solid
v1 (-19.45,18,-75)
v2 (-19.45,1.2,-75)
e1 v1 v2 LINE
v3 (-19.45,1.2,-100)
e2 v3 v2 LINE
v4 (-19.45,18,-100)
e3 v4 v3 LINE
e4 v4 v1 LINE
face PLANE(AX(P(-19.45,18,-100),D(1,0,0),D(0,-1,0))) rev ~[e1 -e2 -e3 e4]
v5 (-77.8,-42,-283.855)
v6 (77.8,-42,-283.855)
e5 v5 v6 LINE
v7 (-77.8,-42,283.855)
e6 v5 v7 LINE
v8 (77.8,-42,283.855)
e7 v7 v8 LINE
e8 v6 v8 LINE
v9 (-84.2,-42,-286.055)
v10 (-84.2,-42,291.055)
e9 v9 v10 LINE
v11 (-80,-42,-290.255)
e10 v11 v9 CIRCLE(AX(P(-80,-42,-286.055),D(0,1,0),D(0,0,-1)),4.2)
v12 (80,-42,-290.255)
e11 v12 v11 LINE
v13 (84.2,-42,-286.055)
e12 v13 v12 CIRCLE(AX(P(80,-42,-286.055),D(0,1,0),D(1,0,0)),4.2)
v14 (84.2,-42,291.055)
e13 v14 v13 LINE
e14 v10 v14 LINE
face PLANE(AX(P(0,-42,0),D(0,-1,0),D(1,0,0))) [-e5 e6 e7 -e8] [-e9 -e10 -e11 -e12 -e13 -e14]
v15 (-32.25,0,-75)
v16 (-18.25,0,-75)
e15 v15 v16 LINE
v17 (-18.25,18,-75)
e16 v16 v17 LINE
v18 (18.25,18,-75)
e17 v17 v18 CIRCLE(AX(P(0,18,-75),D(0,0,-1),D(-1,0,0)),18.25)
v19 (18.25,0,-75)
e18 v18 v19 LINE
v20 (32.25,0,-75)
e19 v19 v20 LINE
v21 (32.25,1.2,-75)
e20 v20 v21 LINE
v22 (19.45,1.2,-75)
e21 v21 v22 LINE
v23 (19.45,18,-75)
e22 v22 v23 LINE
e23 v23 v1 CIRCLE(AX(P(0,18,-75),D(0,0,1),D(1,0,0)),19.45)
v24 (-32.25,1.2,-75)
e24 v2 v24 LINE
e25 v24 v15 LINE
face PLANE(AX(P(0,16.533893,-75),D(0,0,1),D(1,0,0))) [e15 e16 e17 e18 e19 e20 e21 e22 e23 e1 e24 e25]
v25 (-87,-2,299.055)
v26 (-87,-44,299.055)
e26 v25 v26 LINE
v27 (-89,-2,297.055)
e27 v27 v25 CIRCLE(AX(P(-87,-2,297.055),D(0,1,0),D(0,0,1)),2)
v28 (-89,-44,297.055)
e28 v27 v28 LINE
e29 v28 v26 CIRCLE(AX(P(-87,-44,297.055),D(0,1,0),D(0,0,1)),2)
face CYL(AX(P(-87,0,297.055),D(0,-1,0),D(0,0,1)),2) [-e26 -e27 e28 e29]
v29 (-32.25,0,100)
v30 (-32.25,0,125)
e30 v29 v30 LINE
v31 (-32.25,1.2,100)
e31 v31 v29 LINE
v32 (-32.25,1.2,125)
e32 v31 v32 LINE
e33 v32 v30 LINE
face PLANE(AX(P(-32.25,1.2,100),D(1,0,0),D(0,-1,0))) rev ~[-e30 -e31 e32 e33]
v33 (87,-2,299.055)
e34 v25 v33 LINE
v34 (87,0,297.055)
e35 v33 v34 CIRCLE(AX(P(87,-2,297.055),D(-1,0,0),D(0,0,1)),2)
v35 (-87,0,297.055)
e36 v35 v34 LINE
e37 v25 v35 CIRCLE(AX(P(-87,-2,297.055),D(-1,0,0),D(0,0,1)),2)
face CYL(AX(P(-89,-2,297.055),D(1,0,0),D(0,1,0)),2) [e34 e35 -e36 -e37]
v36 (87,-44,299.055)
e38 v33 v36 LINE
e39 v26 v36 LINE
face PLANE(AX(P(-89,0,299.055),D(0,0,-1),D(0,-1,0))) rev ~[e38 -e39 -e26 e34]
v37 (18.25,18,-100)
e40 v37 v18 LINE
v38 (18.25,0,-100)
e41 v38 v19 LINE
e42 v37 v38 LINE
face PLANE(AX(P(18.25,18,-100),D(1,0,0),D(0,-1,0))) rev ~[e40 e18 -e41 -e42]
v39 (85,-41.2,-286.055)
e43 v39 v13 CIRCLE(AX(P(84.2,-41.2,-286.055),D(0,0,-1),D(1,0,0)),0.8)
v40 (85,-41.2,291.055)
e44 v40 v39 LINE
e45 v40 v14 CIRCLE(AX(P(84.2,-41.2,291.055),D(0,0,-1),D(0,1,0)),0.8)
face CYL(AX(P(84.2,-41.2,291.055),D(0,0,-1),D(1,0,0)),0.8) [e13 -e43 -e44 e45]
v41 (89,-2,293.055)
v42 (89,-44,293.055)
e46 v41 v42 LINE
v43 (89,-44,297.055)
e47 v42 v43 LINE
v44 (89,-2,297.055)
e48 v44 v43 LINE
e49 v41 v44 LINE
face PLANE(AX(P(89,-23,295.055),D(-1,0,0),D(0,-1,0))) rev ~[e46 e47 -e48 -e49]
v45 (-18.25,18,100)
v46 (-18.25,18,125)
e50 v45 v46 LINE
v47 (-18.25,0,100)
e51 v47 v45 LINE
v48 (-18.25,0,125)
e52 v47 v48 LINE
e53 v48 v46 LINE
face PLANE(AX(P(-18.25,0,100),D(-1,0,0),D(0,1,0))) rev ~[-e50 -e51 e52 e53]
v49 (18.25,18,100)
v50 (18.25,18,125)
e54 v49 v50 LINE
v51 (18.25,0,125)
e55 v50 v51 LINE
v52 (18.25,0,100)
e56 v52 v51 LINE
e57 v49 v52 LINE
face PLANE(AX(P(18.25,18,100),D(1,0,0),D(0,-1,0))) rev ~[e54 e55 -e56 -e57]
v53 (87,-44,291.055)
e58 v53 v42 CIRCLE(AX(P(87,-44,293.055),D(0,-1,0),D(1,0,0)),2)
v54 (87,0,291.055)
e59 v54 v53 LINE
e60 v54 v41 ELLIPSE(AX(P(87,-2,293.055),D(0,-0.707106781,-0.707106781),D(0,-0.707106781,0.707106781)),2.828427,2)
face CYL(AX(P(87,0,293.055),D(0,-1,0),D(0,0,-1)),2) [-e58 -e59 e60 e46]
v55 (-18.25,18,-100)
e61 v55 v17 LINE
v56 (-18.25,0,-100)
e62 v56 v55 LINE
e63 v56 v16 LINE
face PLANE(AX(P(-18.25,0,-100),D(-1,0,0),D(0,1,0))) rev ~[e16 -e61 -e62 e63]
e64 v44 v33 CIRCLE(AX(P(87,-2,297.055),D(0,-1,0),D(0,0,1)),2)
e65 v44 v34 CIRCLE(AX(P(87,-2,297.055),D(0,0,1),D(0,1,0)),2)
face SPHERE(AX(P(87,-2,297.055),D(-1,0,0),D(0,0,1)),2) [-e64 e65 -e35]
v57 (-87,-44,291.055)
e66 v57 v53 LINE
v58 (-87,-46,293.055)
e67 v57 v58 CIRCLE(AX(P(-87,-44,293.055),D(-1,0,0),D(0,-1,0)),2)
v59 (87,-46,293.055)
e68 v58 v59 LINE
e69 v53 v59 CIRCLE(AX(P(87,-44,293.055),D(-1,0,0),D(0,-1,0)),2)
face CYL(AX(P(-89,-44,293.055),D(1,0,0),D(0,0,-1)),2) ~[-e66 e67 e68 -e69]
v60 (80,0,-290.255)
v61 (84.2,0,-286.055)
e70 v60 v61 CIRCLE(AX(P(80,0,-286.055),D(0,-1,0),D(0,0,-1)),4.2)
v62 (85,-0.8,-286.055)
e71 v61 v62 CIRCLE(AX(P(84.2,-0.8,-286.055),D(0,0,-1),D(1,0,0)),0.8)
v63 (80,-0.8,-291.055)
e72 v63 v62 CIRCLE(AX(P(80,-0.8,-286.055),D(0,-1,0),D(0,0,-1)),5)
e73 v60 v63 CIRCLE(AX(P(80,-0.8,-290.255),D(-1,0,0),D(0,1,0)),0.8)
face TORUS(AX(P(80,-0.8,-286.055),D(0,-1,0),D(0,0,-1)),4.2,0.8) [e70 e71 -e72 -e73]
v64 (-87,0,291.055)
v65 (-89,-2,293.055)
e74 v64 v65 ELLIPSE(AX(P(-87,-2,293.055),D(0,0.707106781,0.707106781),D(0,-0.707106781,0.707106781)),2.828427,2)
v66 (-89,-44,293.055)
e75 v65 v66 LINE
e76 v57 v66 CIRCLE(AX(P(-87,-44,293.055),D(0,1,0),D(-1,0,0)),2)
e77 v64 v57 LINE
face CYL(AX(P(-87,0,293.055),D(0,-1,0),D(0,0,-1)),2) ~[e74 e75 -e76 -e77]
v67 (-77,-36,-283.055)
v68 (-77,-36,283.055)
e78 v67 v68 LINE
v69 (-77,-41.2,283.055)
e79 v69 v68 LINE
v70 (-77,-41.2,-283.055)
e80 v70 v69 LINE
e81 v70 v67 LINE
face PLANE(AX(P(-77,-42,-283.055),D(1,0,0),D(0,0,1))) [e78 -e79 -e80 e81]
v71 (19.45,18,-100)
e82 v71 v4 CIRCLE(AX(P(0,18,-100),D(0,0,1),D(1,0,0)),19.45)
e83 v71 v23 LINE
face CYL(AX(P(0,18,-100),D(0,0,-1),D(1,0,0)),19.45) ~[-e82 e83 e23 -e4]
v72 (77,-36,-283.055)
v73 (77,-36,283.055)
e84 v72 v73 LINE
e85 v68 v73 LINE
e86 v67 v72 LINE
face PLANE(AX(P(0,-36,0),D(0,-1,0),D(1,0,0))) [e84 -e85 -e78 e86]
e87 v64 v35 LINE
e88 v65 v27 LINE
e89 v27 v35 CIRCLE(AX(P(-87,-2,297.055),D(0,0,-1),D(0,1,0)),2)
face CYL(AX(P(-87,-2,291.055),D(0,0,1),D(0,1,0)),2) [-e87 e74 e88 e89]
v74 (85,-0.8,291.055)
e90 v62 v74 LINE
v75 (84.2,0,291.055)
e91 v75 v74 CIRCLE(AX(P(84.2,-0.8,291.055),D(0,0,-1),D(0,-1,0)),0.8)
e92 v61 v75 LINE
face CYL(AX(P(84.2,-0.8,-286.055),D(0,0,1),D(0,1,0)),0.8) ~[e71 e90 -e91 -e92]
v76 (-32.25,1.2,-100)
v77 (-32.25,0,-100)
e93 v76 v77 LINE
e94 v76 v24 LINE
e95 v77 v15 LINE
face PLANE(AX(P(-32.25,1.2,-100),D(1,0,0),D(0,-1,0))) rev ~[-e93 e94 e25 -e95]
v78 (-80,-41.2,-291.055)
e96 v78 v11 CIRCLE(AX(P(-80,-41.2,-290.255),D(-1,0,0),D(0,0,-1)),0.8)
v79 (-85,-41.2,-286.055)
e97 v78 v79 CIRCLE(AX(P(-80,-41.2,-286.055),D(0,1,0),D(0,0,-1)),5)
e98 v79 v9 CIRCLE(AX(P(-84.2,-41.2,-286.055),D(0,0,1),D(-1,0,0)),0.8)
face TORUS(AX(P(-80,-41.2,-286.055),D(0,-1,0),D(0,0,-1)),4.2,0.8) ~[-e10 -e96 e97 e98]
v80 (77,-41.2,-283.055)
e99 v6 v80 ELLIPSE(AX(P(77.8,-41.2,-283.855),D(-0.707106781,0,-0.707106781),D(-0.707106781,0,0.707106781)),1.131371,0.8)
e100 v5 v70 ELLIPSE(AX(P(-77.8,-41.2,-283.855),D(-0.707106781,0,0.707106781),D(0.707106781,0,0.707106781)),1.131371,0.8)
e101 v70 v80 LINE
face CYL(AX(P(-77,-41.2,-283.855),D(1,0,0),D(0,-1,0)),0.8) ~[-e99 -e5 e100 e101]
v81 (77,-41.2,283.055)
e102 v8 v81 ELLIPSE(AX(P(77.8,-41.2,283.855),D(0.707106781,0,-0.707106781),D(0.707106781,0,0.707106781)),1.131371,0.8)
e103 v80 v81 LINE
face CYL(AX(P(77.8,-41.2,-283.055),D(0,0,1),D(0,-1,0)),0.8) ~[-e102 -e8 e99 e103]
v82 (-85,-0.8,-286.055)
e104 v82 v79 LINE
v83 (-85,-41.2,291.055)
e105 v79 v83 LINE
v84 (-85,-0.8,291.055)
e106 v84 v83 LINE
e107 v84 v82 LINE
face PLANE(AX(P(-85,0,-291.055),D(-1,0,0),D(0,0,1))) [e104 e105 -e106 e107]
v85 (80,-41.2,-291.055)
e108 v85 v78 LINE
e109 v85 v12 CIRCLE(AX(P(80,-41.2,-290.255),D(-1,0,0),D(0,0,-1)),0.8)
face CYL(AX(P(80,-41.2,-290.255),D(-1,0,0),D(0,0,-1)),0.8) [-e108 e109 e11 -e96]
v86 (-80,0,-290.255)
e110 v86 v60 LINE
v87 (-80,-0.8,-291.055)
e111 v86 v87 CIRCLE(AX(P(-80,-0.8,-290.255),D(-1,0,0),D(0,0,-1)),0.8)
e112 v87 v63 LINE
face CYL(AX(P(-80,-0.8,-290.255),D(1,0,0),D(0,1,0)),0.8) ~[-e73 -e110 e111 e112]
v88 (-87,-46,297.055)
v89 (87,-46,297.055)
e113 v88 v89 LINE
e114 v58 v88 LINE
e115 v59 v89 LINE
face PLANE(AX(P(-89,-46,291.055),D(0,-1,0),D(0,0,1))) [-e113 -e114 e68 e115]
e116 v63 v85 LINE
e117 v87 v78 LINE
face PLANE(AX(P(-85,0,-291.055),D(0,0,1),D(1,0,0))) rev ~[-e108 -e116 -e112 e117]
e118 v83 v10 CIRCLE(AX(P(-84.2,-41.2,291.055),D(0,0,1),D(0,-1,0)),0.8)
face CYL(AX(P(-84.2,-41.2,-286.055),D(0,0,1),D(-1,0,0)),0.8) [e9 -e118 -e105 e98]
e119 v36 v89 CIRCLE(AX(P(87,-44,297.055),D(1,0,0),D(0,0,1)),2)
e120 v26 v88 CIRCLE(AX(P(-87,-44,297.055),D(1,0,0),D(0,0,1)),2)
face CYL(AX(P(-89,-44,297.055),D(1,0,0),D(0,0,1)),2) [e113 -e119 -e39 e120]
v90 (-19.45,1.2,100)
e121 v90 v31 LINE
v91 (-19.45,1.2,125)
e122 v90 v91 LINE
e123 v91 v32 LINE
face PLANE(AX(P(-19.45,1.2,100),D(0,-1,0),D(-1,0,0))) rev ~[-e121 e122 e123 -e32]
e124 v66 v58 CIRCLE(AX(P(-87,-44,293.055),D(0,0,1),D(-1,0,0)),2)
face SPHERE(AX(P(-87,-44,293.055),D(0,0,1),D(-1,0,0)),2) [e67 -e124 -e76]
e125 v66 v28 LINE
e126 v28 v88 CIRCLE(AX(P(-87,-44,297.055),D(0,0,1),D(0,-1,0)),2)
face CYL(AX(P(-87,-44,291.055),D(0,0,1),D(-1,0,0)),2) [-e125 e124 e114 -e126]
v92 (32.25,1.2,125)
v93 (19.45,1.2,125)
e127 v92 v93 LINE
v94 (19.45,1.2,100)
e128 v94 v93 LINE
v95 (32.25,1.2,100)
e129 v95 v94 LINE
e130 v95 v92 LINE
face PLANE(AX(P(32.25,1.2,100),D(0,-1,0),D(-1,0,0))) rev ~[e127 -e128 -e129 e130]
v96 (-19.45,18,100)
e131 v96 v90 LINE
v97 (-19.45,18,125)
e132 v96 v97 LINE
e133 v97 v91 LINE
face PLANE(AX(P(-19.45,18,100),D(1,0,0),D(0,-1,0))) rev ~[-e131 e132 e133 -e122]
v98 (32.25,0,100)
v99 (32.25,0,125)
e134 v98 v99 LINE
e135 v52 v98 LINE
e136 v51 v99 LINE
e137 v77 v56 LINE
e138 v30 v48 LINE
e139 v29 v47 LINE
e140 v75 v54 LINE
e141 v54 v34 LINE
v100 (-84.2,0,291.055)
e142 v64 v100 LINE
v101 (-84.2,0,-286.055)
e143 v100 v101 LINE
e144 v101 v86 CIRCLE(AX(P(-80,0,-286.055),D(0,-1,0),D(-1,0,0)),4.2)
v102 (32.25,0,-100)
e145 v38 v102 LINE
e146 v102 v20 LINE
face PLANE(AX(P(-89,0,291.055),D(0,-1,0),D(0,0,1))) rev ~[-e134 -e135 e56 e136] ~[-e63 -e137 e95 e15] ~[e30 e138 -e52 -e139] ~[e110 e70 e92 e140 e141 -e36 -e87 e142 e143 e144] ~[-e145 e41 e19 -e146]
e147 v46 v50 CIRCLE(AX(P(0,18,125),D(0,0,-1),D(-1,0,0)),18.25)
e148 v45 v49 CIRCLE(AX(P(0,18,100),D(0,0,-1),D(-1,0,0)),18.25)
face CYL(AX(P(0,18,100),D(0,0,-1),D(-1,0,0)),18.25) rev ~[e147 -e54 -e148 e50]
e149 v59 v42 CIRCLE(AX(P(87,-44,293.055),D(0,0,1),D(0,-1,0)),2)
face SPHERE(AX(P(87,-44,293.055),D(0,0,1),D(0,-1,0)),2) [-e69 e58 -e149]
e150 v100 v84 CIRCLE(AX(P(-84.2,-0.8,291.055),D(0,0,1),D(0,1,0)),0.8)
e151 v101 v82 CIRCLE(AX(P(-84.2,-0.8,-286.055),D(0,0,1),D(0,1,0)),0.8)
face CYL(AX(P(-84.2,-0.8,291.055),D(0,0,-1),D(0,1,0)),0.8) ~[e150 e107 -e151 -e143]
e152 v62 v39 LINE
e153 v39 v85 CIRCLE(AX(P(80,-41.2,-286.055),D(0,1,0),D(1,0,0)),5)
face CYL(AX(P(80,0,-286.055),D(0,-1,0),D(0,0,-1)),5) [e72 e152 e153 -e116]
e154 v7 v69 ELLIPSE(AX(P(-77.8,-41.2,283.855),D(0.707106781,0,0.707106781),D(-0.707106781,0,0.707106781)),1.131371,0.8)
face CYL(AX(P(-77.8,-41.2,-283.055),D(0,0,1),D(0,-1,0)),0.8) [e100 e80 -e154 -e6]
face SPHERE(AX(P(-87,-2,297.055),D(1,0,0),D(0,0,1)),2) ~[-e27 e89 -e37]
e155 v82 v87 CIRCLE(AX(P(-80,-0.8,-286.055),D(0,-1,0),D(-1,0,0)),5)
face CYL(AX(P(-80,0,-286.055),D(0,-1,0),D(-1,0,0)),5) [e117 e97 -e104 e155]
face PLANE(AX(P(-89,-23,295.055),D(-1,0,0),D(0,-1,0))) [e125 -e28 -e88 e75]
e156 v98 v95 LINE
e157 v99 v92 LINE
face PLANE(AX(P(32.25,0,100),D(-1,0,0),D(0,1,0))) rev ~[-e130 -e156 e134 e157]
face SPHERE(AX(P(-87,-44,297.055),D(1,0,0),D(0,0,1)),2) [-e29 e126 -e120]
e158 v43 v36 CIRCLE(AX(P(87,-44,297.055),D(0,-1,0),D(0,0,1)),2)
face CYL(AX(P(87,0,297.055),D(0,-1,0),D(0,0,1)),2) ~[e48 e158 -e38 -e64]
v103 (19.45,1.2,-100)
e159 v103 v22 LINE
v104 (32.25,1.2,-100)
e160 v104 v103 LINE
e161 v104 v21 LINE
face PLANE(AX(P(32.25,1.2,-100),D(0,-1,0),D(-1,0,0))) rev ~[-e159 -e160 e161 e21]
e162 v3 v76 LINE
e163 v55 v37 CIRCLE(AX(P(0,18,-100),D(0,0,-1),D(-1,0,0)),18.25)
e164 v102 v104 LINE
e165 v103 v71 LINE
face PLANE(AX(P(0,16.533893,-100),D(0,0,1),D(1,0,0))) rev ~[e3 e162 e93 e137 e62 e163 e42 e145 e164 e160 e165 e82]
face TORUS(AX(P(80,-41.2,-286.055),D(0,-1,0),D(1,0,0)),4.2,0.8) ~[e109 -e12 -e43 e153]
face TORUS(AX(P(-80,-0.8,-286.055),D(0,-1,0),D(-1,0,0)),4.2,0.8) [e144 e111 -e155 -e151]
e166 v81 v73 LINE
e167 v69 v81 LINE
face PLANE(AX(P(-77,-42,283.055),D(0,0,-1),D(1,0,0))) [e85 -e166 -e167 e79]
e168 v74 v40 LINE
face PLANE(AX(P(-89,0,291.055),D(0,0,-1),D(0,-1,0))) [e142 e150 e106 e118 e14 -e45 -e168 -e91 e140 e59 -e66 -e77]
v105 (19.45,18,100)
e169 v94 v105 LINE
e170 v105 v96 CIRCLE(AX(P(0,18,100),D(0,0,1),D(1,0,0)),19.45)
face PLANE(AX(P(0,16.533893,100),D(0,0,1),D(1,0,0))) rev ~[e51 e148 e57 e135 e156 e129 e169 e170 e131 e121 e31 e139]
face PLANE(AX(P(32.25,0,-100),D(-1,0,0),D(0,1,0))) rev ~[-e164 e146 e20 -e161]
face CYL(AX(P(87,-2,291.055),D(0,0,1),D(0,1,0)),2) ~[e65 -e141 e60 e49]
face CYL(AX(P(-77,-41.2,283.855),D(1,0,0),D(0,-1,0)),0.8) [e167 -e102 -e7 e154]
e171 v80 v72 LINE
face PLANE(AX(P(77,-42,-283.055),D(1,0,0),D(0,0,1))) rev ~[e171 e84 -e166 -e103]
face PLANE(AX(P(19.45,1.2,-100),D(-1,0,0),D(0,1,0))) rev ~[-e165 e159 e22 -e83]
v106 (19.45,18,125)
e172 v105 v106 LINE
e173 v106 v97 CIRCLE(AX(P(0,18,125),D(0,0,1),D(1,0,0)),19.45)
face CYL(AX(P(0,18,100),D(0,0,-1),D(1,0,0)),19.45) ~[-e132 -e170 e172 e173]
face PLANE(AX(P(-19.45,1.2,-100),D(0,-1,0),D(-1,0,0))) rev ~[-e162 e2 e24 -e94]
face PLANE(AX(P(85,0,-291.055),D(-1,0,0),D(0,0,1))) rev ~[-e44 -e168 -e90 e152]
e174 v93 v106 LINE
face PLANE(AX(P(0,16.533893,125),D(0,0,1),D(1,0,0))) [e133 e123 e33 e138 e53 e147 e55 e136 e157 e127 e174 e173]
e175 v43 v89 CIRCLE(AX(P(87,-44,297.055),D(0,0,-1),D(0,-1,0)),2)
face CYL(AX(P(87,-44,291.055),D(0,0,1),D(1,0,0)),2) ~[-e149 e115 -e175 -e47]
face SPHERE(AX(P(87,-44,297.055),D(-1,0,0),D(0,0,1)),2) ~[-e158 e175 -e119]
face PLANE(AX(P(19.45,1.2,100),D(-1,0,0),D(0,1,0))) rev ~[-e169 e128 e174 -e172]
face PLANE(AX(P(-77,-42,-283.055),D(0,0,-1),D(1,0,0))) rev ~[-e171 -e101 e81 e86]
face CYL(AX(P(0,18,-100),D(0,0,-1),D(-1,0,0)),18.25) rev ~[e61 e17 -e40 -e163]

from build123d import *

# Parameters (mm, degrees)
F1_W      = 170
F1_H      = 582.11
F2_DEPTH  = 42
F3_W      = 154
F3_H      = 566.11
F4_DEPTH  = 6
F8_R      = 5
F9_R      = 0.8
F7_W      = 46
F7_H      = 8
F10_DEPTH = 178
F11_R     = 2
F15_DEPTH = 25
F17_DEPTH = 25


with BuildPart() as f2:
    # F1 (on Front) → F2 (new body)
    with BuildSketch(Plane.XZ):
        Rectangle(F1_W, F1_H)
    extrude(amount=F2_DEPTH)

    # F3 (on face) → F4 (cut)
    with BuildSketch(Plane.XZ.offset(42)):
        Rectangle(F3_W, F3_H)
    extrude(amount=-F4_DEPTH, mode=Mode.SUBTRACT)

    # F8
    f8_edges = [f2.edges().sort_by_distance(p)[0] for p in [
        (-85, -21, -291.055),
        (85, -21, -291.055),
    ]]
    fillet(f8_edges, radius=F8_R)

    # F9
    f9_edges = [f2.edges().sort_by_distance(p)[0] for p in [
        (-85, -42, 2.5),
        (-77, -42, 0),
        (77, -42, 0),
        (85, -42, 2.5),
        (0, -42, -283.055),
        (85, 0, 2.5),
        (-85, 0, 2.5),
        (0, -42, 283.055),
    ]]
    fillet(f9_edges, radius=F9_R)

    # F7 (on offset) → F10 (join, through all)
    with BuildSketch(Plane(origin=(-89, 0, 0), x_dir=(0, -1, 0), z_dir=(-1, 0, 0))):
        with Locations((23, 295.055)):
            Rectangle(F7_W, F7_H)
    extrude(amount=-F10_DEPTH)

    # F11
    f11_edges = [f2.edges().sort_by_distance(p)[0] for p in [
        (0, -46, 299.055),
        (0, 0, 299.055),
        (-89, -23, 299.055),
        (89, -23, 299.055),
        (-89, -46, 295.055),
        (89, -46, 295.055),
        (89, 0, 295.055),
        (-89, 0, 295.055),
        (-89, -23, 291.055),
        (0, -46, 291.055),
        (89, -23, 291.055),
    ]]
    fillet(f11_edges, radius=F11_R)

    # F14 (on offset) → F15 (join)
    with BuildSketch(Plane.XY.offset(100)):
        with BuildLine():
            Line((-32.25, 1.2), (-32.25, 0))
            Line((-32.25, 0), (-18.25, 0))
            Line((-18.25, 0), (-18.25, 18))
            ThreePointArc((-18.25, 18), (0, 36.25), (18.25, 18))
            Line((18.25, 18), (18.25, 0))
            Line((18.25, 0), (32.25, 0))
            Line((32.25, 0), (32.25, 1.2))
            Line((32.25, 1.2), (19.45, 1.2))
            Line((19.45, 1.2), (19.45, 18))
            ThreePointArc((19.45, 18), (0, 37.45), (-19.45, 18))
            Line((-19.45, 18), (-19.45, 1.2))
            Line((-19.45, 1.2), (-32.25, 1.2))
        make_face()
    extrude(amount=F15_DEPTH)

    # F16 (on offset) → F17 (join)
    with BuildSketch(Plane.XY.offset(-100)):
        with BuildLine():
            Line((32.25, 1.2), (19.45, 1.2))
            Line((19.45, 1.2), (19.45, 18))
            ThreePointArc((19.45, 18), (0, 37.45), (-19.45, 18))
            Line((-19.45, 18), (-19.45, 1.2))
            Line((-19.45, 1.2), (-32.25, 1.2))
            Line((-32.25, 1.2), (-32.25, 0))
            Line((-32.25, 0), (-18.25, 0))
            Line((-18.25, 0), (-18.25, 18))
            ThreePointArc((-18.25, 18), (0, 36.25), (18.25, 18))
            Line((18.25, 18), (18.25, 0))
            Line((18.25, 0), (32.25, 0))
            Line((32.25, 0), (32.25, 1.2))
        make_face()
    extrude(amount=F17_DEPTH)


solid = f2.part
